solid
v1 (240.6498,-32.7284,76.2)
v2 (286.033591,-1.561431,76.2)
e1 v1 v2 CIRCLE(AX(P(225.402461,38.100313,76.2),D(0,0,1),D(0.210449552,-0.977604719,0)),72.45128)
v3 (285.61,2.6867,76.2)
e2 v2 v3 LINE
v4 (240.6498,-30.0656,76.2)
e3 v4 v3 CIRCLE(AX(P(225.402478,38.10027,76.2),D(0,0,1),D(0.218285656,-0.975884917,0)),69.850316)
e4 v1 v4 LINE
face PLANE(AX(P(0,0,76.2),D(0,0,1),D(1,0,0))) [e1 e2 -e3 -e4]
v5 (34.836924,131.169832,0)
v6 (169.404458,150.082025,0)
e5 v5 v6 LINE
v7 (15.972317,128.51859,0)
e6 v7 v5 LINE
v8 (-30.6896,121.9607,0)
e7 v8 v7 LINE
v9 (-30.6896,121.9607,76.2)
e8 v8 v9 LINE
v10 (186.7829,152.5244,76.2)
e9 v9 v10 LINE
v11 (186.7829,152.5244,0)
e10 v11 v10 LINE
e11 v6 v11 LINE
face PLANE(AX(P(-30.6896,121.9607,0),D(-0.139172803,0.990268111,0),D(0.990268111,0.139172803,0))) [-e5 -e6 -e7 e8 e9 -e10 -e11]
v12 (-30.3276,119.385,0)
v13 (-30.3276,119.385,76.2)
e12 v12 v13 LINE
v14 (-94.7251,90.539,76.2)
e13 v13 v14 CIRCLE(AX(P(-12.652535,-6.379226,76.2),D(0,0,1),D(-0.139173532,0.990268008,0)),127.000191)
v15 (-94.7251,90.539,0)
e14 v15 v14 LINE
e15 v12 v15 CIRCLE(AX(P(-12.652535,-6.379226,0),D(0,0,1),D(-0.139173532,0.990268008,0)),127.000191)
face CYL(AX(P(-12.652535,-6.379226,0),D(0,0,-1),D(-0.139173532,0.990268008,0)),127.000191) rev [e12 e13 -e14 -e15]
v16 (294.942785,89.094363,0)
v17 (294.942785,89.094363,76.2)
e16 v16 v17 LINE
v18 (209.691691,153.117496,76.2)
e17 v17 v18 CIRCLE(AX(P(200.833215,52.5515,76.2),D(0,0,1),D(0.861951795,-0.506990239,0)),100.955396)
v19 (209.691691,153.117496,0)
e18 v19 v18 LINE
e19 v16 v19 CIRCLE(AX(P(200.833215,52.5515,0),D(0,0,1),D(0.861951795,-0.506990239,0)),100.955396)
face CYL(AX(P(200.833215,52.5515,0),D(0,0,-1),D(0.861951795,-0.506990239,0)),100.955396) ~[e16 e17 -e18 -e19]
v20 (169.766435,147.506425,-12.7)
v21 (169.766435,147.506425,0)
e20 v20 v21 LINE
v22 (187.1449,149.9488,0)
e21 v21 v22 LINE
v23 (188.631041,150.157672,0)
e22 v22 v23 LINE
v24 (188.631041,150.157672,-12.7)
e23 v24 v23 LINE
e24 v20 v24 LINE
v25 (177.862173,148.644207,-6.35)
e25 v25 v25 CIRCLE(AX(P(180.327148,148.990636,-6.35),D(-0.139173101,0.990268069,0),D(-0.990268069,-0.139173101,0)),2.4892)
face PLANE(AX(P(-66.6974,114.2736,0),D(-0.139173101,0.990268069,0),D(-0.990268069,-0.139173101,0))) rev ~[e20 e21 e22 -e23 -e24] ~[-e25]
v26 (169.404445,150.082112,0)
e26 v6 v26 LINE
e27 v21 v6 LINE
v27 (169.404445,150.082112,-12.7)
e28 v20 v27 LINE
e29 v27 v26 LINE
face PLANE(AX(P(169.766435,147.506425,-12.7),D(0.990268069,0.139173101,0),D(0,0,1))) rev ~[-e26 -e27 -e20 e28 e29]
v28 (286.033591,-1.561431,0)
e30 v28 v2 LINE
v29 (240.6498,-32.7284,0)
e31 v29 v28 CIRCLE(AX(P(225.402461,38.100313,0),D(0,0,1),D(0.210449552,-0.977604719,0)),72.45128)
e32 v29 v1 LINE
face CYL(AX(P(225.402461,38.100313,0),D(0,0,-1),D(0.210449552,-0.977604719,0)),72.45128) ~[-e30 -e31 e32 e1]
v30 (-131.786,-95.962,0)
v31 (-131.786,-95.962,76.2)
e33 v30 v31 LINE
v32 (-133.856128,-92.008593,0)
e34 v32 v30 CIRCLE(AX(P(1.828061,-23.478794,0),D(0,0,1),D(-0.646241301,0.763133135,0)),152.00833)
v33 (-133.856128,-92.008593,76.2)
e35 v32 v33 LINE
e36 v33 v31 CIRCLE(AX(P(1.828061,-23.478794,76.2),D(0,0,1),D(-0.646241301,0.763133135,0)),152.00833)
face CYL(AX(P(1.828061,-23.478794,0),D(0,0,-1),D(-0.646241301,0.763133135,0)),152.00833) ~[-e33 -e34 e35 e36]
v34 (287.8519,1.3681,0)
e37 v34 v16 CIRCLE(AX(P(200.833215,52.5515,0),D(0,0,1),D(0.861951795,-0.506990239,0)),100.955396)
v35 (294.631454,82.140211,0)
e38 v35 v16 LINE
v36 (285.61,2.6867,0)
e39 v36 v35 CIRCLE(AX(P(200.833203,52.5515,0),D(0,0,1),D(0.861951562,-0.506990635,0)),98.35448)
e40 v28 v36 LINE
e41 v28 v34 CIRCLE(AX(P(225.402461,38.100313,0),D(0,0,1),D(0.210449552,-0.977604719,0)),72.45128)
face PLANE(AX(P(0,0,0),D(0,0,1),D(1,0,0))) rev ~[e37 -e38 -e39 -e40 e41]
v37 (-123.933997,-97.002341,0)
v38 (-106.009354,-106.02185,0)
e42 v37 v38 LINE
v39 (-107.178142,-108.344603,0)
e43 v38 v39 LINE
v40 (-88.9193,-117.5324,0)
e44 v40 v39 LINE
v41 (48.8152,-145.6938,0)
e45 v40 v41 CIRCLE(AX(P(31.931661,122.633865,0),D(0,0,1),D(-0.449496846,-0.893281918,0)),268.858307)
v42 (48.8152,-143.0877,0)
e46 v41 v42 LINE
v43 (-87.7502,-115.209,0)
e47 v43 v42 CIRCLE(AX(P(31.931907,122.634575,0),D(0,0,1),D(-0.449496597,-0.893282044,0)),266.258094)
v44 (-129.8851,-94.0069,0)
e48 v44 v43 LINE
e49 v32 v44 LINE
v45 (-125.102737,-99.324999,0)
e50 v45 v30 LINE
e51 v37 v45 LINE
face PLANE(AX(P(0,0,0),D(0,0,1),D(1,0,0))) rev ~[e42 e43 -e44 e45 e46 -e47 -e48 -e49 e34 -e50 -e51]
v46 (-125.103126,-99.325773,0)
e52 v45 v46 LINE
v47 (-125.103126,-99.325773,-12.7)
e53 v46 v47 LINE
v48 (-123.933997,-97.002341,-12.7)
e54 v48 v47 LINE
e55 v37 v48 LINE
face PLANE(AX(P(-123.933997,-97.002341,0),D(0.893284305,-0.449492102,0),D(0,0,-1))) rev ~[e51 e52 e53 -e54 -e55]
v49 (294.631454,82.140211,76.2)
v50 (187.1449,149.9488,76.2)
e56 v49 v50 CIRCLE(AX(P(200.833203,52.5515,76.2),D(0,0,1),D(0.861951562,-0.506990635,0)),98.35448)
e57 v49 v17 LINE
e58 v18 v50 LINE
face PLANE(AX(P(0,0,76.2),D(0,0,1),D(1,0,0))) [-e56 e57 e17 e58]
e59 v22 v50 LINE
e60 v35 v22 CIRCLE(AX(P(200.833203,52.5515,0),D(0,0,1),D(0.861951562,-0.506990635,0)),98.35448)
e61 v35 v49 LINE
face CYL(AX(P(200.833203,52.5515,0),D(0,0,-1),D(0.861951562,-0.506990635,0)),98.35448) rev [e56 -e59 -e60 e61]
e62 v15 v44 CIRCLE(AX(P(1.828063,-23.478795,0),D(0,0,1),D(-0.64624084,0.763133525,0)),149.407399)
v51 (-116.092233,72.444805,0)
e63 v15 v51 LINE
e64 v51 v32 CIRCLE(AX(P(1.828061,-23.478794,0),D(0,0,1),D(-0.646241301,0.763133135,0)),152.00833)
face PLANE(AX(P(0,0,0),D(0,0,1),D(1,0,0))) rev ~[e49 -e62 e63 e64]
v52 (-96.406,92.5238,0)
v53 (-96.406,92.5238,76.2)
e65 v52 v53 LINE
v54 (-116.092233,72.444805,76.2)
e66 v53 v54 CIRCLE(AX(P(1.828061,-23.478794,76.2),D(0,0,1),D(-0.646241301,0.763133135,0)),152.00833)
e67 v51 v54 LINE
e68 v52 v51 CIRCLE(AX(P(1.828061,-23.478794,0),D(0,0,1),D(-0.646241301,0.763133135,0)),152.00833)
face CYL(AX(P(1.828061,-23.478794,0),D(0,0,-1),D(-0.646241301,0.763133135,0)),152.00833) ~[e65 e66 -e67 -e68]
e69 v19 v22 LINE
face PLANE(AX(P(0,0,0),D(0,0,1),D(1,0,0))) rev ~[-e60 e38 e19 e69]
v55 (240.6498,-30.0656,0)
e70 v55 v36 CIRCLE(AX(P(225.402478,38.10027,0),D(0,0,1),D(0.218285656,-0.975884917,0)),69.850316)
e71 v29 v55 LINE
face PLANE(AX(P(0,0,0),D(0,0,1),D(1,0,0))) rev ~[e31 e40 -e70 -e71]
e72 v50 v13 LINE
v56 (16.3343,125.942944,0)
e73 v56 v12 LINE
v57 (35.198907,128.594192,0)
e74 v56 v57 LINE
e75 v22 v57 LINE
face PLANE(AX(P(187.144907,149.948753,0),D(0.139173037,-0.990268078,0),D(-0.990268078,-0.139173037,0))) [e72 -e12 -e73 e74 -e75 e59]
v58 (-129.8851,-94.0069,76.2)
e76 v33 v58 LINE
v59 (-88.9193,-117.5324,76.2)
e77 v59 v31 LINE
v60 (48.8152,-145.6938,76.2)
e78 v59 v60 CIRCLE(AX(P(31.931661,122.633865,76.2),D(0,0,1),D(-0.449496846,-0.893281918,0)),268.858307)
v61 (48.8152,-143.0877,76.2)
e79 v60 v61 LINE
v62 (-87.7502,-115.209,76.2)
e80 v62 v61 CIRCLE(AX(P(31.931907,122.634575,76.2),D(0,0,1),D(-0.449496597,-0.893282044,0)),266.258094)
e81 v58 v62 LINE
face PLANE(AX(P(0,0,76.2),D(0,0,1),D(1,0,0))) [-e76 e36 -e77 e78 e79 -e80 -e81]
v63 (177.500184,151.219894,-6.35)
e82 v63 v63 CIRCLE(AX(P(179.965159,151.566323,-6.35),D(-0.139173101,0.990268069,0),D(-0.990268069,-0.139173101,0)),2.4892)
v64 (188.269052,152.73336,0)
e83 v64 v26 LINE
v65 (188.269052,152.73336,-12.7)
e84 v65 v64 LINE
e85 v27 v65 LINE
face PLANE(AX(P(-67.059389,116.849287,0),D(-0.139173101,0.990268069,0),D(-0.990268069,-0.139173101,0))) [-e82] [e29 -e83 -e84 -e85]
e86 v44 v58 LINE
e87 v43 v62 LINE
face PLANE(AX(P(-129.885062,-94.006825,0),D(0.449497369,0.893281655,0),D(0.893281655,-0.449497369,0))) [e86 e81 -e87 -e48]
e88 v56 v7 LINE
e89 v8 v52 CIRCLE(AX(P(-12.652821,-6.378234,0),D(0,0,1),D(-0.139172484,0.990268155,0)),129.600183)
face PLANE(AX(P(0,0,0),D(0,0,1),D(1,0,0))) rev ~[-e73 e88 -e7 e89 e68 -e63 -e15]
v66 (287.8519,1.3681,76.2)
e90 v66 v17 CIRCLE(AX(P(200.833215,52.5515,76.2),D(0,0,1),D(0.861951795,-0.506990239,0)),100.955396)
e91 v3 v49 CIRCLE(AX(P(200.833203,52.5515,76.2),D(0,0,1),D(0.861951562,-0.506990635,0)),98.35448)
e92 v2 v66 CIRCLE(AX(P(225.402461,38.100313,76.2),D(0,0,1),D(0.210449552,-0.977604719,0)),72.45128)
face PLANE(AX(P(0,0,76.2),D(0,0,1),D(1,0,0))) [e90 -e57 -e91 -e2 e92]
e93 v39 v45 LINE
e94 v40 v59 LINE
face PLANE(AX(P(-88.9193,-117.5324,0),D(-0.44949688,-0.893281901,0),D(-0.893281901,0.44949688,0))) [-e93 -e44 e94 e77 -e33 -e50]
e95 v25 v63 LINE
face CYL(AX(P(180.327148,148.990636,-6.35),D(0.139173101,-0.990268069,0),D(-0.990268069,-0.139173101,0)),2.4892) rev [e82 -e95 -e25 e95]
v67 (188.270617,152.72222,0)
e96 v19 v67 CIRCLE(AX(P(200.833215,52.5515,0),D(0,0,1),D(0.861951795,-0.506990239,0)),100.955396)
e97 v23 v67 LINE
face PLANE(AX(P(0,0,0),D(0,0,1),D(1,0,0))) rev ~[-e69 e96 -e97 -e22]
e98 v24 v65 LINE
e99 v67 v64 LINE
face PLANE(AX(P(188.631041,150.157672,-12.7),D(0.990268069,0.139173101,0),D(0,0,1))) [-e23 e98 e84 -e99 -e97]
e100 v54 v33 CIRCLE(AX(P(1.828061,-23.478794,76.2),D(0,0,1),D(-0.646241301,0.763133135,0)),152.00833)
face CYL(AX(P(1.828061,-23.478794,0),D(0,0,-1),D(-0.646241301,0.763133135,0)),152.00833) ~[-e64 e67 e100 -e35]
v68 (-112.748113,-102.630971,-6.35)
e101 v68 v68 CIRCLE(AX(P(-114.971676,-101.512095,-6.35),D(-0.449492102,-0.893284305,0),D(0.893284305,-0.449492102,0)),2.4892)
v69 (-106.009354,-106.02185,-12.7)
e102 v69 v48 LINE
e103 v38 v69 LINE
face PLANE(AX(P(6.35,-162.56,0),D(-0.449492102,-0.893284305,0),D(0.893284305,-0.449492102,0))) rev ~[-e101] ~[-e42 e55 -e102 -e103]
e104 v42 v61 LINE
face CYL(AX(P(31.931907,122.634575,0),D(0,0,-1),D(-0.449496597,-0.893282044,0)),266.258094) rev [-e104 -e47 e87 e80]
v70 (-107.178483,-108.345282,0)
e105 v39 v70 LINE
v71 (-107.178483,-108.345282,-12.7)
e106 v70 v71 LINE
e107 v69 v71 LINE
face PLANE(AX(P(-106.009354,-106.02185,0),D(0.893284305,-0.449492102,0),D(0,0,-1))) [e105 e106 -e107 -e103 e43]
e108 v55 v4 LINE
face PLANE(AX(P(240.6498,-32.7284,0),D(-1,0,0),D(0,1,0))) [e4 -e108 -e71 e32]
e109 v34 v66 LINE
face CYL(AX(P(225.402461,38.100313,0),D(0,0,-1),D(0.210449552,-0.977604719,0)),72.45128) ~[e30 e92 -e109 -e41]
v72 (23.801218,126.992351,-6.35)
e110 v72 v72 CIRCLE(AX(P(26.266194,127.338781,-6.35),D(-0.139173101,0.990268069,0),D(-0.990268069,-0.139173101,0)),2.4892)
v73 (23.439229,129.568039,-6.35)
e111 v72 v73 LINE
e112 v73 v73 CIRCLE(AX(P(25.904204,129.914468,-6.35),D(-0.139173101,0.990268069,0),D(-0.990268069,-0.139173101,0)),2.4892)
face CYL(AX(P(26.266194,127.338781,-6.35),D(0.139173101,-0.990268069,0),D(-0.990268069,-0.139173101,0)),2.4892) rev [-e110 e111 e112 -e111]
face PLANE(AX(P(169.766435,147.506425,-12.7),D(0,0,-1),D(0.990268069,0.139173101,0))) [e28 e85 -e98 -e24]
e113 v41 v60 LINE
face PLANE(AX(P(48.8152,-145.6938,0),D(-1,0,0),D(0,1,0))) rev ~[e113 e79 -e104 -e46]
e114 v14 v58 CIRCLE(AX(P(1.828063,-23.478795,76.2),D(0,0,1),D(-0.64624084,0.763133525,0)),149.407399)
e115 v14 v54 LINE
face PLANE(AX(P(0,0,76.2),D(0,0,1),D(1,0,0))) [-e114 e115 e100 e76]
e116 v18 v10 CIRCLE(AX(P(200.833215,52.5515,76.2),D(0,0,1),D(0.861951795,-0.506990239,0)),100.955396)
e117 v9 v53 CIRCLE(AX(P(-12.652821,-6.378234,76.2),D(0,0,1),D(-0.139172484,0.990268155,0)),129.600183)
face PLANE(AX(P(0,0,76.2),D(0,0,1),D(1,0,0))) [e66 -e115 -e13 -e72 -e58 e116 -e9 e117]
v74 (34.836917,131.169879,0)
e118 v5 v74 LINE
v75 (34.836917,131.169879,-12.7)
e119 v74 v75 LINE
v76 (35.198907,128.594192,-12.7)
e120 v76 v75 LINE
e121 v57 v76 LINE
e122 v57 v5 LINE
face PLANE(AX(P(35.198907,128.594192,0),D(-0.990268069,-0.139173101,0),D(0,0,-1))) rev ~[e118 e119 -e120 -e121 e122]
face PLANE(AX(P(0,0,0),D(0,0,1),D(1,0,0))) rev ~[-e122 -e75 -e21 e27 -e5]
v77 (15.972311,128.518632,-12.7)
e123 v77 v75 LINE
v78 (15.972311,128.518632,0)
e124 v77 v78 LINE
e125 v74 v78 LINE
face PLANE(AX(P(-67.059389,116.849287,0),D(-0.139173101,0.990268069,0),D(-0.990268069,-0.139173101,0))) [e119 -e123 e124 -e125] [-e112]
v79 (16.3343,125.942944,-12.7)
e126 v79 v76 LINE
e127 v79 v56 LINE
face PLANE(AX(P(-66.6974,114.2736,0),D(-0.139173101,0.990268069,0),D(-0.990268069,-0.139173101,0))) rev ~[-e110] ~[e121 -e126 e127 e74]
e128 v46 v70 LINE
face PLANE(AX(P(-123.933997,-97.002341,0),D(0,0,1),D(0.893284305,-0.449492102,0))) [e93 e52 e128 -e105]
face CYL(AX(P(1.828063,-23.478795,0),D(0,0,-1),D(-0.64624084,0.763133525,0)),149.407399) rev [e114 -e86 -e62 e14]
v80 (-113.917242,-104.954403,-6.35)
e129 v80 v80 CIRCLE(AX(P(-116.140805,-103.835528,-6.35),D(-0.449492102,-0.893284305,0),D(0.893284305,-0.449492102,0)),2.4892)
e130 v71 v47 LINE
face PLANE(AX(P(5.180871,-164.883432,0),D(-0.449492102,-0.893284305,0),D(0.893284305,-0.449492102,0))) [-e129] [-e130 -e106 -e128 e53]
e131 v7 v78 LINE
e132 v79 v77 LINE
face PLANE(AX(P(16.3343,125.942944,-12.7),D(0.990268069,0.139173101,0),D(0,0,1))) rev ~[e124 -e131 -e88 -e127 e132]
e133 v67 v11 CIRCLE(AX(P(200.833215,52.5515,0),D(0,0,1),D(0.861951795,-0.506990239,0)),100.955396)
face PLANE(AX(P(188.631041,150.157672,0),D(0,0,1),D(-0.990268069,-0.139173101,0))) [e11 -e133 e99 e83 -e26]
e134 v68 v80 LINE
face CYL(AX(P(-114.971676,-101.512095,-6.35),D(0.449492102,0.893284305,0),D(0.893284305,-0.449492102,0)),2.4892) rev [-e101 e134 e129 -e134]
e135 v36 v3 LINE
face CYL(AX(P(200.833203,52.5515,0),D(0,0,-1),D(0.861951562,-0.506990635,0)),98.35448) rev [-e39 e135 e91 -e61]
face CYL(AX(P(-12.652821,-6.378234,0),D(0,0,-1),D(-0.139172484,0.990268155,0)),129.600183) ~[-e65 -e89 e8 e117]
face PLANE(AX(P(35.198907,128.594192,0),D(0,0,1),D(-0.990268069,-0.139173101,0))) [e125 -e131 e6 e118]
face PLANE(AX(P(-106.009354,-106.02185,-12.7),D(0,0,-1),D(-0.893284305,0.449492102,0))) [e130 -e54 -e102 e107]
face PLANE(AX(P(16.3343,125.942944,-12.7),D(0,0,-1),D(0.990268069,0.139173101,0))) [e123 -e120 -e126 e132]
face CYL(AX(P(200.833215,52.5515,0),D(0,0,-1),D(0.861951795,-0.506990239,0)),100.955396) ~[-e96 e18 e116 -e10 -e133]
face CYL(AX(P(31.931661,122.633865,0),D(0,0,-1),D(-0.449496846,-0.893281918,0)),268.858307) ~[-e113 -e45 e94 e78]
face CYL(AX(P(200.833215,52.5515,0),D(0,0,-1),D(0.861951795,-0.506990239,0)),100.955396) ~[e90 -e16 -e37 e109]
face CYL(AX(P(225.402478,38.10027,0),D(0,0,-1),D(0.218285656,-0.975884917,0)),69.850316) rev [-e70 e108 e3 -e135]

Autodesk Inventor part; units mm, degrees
ref_plane "YZ Plane" through (0, 0, 0) normal (1, 0, 0) x (0, 1, 0)
ref_plane "XZ Plane" through (0, 0, 0) normal (0, 1, 0) x (-1, 0, 0)
ref_plane "XY Plane" through (0, 0, 0) normal (0, 0, 1) x (1, 0, 0)
ref_plane "Work Plane1" through (0, 0, 0) normal (0, 0, 1) x (1, 0, 0)
sketch "Sketch1" plane through (0, 0, 0) normal (0, 0, 1) x (1, 0, 0)
  line L0 (-149.3377, -84.2183) -> (-62.5438, -127.8928) projected
  arc A0 (-30.3276, 119.385) -> (-94.7251, 90.539) centre (-12.6526, -6.379) ccw projected
  line L1 (-94.7251, 90.539) -> (-158.4791, 36.5506) projected
  line L2 (267.4038, 161.2284) -> (-30.3276, 119.385) projected
  arc A1 (285.61, 2.6867) -> (293.3792, 54.1689) centre (225.4026, 38.1) ccw projected
  line L3 (293.3792, 54.1689) -> (297.7515, 151.832) projected
  line L4 (297.7015, -118.5771) -> (285.61, 2.6867) projected
  line L5 (-30.3276, 119.385) -> (187.1449, 149.9488)
  arc A2 (285.61, 2.6867) -> (187.1449, 149.9488) centre (200.8332, 52.5515) ccw
  arc A3 (240.6498, -30.0656) -> (285.61, 2.6867) centre (225.4026, 38.1) ccw
  arc A4 (-30.3276, 119.385) -> (-94.7251, 90.539) centre (-12.6526, -6.379) ccw
  line L6 (-149.3377, -84.2183) -> (-62.5438, -127.8928) projected
  line L7 (-129.8851, -94.0069) -> (-87.7502, -115.209)
  arc A5 (-94.7251, 90.539) -> (-129.8851, -94.0069) centre (1.8279, -23.4787) ccw
  arc A6 (-87.7502, -115.209) -> (48.8152, -143.0877) centre (31.9315, 122.6334) ccw
  arc A7 (-88.9193, -117.5324) -> (48.8152, -145.6938) centre (31.9315, 122.6334) ccw
  line L8 (-88.9193, -117.5324) -> (-131.786, -95.962)
  arc A8 (-96.406, 92.5238) -> (-131.786, -95.962) centre (1.8279, -23.4787) ccw
  arc A9 (-30.6896, 121.9607) -> (-96.406, 92.5238) centre (-12.6526, -6.379) ccw
  line L9 (-30.6896, 121.9607) -> (186.7829, 152.5244)
  arc A10 (287.8519, 1.3681) -> (186.7829, 152.5244) centre (200.8332, 52.5515) ccw
  arc A11 (240.6498, -32.7284) -> (287.8519, 1.3681) centre (225.4026, 38.1) ccw
  line L10 (48.8152, -145.6938) -> (48.8152, -143.0877)
  line L11 (240.6498, -32.7284) -> (240.6498, -30.0656)
  dimension "d24" = 2.601
extrude "Extrusion1" add sketch "Sketch1" along normal blind 76.2 contours L0 A6 L10 A7 L8 A8 | L0 A8 L1 A5 | L1 A8 A9 L9 A10 L2 A0 | L2 A10 L3 A2 | L3 A10 A11 L4 A2 | L4 A11 L11 A3
ref_plane "Work Plane2" through (-66.6974, 114.2736, 0) normal (-0.1392, 0.9903, 0) x (-0.9903, -0.1392, 0)
sketch "Sketch2" plane through (-66.6974, 114.2736, 0) normal (-0.1392, 0.9903, 0) x (-0.9903, -0.1392, 0)
  circle A0 centre (-93.8772, -6.35) radius 2.4892 projected
  circle A1 centre (-249.4522, -6.35) radius 2.4892 projected
  line L0 (-422.3221, 0) -> (51.093, 0) projected
  line L1 (-36.7272, -12.7) -> (-337.3845, -12.7) projected
  line L2 (-36.7272, 0) -> (-256.3369, 0) projected
  line L3 (-102.8977, 0) -> (-102.8977, -12.7)
  line L4 (-83.8477, -12.7) -> (-102.8977, -12.7)
  line L5 (-83.8477, -12.7) -> (-83.8477, 0)
  circle A2 centre (-93.8772, -6.35) radius 2.4892
  line L6 (-16.5377, -12.7) -> (-16.5377, 0)
  circle A3 centre (-249.4522, -6.35) radius 2.4892
  line L7 (-354.6914, 0) -> (-256.3369, 0) projected
  line L8 (-257.8377, -12.7) -> (-238.7877, -12.7)
  line L9 (-238.7877, -12.7) -> (-238.7877, 0)
  line L10 (-257.8377, -12.7) -> (-257.8377, 0)
  line L11 (-238.7877, 0) -> (-257.8377, 0)
  line L12 (-83.8477, 0) -> (-102.8977, 0)
  line L13 (-97.2698, 0) -> (-97.2698, 76.2) projected
  point P0 (-50.1445, 0)
  point P1 (-333.3488, 0)
  dimension "d7" = 19.05
  dimension "d8" = 67.31
  dimension "d9" = 135.89
  dimension "d10" = 19.05
extrude "Extrusion2" add sketch "Sketch2" along normal blind 2.601 contours L0 L9 L1 L10 | L0 L5 L1 L3
ref_plane "Work Plane5" through (6.35, -162.56, 0) normal (-0.4495, -0.8933, 0) x (0.8933, -0.4495, 0)
sketch "Sketch5" plane through (6.35, -162.56, 0) normal (-0.4495, -0.8933, 0) x (0.8933, -0.4495, 0)
  circle A0 centre (-135.8153, -6.35) radius 2.4892 projected
  line L0 (-174.2873, 0) -> (-77.1244, 0) projected
  line L1 (-77.1244, -12.7) -> (-174.2873, -12.7) projected
  line L2 (-105.3421, 0) -> (-152.5108, 0) projected
  line L3 (-145.8483, 0) -> (-125.7823, 0)
  line L4 (-125.7823, 0) -> (-125.7823, -12.7)
  circle A1 centre (-135.8153, -6.35) radius 2.4892
  line L5 (-145.8483, 0) -> (-145.8483, -12.7)
  line L6 (-125.7823, -12.7) -> (-145.8483, -12.7)
  point P0 (-78.7426, 0)
  point P1 (-125.7823, 0)
  dimension "d25" = 10.033
  dimension "d26" = 10.033
extrude "Extrusion5" add sketch "Sketch5" along normal blind 2.601
properties part number "ChainGuard"
